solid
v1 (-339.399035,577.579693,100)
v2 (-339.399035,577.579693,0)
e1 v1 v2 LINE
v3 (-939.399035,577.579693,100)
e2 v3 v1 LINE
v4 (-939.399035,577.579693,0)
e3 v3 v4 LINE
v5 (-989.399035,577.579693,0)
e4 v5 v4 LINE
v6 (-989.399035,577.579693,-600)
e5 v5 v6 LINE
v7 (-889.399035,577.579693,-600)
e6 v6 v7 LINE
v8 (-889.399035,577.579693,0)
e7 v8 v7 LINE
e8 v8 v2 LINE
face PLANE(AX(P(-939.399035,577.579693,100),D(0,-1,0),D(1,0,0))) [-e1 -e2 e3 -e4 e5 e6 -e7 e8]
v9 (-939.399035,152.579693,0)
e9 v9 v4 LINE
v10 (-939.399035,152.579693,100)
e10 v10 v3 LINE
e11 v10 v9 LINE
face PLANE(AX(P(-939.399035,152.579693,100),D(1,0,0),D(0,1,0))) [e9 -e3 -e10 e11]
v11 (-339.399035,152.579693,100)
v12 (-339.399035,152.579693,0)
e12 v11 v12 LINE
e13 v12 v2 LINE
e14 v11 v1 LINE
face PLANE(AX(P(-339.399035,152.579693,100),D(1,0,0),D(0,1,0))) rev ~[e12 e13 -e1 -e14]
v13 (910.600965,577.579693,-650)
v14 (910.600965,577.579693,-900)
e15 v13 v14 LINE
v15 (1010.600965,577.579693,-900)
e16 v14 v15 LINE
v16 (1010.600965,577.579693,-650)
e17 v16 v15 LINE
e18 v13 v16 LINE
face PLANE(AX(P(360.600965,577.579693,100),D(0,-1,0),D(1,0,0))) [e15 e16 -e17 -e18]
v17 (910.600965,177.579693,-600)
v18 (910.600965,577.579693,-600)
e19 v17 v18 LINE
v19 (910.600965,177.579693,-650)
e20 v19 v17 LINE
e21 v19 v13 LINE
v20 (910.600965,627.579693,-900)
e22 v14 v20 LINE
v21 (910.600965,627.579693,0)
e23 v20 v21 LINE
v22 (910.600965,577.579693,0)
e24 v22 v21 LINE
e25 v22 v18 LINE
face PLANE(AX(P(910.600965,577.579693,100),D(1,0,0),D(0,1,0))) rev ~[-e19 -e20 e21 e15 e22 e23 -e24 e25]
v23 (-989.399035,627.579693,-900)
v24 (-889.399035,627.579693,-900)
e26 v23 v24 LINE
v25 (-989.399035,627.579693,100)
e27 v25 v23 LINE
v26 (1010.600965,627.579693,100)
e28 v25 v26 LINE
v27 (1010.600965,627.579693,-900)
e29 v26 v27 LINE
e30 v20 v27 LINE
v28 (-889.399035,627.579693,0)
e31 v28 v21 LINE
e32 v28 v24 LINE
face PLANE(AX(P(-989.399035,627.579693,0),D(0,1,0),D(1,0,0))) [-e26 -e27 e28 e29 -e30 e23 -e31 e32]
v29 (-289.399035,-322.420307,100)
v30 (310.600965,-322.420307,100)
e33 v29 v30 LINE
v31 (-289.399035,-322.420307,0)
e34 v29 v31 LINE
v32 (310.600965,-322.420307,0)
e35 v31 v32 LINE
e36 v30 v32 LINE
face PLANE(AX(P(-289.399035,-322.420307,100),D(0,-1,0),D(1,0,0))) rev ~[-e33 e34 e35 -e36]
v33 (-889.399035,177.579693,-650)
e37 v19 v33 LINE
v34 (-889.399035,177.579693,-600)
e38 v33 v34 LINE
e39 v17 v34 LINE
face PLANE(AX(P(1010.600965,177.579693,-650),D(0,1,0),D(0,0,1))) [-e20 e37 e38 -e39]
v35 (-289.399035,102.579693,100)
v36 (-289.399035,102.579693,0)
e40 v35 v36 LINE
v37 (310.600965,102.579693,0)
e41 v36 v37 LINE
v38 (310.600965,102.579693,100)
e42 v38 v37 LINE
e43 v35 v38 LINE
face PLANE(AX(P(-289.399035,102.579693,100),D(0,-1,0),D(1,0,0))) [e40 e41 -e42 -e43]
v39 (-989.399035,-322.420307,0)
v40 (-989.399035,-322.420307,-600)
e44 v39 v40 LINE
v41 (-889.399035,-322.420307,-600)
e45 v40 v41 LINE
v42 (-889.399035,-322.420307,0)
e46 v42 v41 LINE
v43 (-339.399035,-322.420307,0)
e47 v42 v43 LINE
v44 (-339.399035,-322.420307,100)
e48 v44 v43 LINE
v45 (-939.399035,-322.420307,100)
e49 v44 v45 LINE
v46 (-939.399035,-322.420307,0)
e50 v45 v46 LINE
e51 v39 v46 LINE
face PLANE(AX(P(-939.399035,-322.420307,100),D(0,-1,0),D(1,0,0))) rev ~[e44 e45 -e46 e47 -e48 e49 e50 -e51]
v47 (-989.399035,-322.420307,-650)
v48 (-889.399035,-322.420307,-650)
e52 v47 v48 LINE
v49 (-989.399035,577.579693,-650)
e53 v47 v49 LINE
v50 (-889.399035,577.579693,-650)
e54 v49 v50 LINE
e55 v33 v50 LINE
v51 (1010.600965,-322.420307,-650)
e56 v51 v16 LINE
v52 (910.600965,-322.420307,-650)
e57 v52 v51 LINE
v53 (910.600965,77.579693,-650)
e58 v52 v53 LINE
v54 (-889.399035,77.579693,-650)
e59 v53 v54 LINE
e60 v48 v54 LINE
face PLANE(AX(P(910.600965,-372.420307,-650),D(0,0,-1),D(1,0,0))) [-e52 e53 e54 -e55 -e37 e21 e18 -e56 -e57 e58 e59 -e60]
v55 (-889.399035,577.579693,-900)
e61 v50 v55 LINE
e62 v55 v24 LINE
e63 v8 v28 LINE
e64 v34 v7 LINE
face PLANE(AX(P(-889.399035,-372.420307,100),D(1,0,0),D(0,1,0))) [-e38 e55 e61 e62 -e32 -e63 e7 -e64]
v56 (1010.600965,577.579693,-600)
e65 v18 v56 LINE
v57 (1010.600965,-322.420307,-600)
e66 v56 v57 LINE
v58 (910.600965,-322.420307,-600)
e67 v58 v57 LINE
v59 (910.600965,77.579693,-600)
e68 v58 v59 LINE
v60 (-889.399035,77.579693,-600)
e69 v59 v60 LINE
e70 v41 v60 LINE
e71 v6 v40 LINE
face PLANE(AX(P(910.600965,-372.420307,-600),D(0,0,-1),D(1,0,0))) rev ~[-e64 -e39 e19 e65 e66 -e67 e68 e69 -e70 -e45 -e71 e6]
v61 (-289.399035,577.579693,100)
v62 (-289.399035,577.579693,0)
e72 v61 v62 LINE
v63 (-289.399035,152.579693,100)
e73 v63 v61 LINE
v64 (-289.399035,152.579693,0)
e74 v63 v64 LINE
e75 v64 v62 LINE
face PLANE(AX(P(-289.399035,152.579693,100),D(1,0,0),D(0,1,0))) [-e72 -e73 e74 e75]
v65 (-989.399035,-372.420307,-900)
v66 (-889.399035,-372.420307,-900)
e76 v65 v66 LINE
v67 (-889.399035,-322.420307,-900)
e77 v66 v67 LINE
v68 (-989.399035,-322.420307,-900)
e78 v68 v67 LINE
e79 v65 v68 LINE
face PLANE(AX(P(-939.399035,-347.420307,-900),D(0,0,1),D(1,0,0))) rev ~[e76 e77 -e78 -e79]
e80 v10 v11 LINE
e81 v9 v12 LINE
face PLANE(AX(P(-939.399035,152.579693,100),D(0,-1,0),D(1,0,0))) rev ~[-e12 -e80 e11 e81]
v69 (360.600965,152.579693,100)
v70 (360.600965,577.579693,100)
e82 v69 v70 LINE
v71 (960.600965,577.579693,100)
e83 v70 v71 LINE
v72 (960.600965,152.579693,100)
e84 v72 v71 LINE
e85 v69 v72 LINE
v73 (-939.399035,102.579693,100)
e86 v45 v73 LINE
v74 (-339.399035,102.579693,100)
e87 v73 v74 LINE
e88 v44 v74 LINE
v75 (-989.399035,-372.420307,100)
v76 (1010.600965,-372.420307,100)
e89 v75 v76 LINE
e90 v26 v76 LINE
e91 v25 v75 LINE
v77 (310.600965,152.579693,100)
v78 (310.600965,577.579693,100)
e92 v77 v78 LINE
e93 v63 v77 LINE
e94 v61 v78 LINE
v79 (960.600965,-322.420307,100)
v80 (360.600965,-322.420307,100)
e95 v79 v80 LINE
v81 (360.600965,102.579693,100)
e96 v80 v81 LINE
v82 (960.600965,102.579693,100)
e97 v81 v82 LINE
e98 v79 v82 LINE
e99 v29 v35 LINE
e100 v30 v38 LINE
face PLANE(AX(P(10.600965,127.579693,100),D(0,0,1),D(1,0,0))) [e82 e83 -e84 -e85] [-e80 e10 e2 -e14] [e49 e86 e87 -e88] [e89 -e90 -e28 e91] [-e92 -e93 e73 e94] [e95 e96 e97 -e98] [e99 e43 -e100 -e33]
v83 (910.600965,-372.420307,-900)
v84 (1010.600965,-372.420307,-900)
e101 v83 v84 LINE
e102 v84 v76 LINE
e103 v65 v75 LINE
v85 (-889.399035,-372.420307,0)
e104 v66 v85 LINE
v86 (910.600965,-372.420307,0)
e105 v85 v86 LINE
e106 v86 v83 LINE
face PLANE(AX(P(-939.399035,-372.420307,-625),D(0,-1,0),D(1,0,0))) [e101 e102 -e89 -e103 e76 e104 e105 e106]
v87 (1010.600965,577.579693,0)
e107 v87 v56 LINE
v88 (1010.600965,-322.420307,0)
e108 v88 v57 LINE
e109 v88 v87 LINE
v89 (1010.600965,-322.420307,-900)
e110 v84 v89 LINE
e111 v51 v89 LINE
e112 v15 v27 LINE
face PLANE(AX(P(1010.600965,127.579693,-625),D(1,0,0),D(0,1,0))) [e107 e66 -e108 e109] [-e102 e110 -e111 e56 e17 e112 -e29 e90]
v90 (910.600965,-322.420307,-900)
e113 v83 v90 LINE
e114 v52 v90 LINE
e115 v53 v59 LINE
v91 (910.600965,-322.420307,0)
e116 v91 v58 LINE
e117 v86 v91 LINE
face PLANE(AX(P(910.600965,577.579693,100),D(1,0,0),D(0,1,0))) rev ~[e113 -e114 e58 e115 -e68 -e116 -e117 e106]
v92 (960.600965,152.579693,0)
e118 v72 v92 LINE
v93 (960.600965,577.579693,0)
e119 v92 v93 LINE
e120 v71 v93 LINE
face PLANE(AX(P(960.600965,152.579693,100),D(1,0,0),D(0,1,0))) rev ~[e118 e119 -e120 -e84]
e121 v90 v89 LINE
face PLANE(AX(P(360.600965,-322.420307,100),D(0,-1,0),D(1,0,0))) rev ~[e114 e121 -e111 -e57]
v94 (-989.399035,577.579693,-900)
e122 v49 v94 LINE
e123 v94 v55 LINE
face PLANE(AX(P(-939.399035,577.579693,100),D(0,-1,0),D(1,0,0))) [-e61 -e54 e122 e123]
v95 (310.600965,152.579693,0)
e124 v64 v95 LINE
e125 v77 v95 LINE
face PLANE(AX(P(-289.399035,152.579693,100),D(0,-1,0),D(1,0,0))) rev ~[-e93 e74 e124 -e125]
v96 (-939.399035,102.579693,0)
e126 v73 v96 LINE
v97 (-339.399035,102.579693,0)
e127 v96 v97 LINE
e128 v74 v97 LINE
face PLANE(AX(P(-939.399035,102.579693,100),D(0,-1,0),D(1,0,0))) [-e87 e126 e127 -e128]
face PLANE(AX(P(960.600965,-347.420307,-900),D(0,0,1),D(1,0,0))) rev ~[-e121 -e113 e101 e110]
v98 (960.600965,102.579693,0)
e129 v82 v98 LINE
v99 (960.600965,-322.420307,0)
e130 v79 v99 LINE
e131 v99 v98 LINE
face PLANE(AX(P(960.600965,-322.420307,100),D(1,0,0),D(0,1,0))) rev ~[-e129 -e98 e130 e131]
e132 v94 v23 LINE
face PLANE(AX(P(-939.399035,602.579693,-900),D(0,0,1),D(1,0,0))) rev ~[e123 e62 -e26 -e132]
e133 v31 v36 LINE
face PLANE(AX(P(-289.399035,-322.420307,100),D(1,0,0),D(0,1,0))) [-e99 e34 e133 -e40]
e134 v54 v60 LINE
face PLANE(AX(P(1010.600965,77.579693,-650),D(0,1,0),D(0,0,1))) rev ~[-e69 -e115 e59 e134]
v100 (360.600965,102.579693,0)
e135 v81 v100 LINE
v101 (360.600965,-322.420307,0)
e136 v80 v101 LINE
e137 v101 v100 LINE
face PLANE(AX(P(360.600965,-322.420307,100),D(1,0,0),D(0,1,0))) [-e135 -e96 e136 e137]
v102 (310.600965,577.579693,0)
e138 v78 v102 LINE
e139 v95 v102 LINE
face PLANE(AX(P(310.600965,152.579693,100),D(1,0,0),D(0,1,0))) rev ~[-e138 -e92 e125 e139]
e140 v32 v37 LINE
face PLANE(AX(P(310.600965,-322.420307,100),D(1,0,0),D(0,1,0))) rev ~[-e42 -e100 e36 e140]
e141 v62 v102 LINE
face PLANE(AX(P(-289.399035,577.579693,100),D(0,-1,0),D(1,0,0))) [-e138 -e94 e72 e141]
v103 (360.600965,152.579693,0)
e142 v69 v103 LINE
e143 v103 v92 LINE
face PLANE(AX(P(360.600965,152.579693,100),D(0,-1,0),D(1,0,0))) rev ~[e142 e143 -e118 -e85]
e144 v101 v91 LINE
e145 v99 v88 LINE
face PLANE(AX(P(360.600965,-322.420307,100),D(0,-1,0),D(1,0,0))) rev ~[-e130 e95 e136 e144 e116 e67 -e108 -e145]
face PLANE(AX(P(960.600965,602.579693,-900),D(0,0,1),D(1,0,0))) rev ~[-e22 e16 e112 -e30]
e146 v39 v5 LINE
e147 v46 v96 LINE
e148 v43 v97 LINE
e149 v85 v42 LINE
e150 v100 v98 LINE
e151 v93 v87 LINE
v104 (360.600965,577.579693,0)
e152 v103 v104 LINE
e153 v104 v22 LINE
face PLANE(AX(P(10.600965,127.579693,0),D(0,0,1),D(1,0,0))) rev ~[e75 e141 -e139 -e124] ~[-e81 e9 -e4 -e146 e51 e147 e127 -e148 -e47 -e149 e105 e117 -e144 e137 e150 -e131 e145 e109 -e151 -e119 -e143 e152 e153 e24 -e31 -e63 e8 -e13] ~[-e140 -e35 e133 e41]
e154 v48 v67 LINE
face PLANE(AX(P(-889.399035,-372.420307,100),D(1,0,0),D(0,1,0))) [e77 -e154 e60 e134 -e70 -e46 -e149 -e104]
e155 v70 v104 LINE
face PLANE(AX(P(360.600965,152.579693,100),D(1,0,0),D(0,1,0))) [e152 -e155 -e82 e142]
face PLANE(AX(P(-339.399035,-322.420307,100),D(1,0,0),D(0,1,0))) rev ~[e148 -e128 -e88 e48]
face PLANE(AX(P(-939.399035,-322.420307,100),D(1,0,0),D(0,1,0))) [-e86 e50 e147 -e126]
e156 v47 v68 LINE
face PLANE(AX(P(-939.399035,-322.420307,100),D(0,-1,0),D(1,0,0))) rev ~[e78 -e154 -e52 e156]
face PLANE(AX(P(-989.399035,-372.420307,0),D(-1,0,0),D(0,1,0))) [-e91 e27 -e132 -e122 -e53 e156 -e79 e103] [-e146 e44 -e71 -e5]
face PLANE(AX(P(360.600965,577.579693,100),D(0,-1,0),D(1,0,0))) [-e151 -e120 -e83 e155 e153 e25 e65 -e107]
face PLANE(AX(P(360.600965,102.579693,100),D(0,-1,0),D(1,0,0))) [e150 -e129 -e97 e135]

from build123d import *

# Parameters (mm, degrees)
F0_W     = 2000
F0_H     = 1000
F1_DEPTH = 100
F2_W     = 600
F2_H     = 425
F3_DEPTH = 640
F4_W     = 100
F4_H     = 50
F5_DEPTH = 1000
F6_W     = 100
F6_H     = 50
F7_DEPTH = 1000
F8_W     = 100
F8_H     = 50
F9_DEPTH = 2000


with BuildPart() as f1:
    # F0 (on Top) → F1 (new body)
    with BuildSketch(Plane.XY):
        with Locations((10.600965, 127.579693)):
            Rectangle(F0_W, F0_H)
    extrude(amount=F1_DEPTH)

    # F2 (on face) → F3 (cut)
    with BuildSketch(Plane.XY.offset(100)):
        with Locations((-639.399035, 365.079693)):
            Rectangle(F2_W, F2_H)
        with Locations((-639.399035, -109.920307)):
            Rectangle(F2_W, F2_H)
        with Locations((10.600965, 365.079693)):
            Rectangle(F2_W, F2_H)
        with Locations((660.600965, 365.079693)):
            Rectangle(F2_W, F2_H)
        with Locations((10.600965, -109.920307)):
            Rectangle(F2_W, F2_H)
        with Locations((660.600965, -109.920307)):
            Rectangle(F2_W, F2_H)
    extrude(amount=-F3_DEPTH, mode=Mode.SUBTRACT)

    # F4 (on face) → F5 (join)
    with BuildSketch(Plane.XY.offset(100)):
        with Locations((960.600965, 602.579693)):
            Rectangle(F4_W, F4_H)
        with Locations((-939.399035, -347.420307)):
            Rectangle(F4_W, F4_H)
        with Locations((-939.399035, 602.579693)):
            Rectangle(F4_W, F4_H)
        with Locations((960.600965, -347.420307)):
            Rectangle(F4_W, F4_H)
    extrude(amount=-F5_DEPTH)

    # F6 (on face) → F7 (join)
    with BuildSketch(Plane.XZ.offset(372.420307)):
        with Locations((-939.399035, -625)):
            Rectangle(F6_W, F6_H)
        with Locations((960.600965, -625)):
            Rectangle(F6_W, F6_H)
    extrude(amount=-F7_DEPTH)

    # F8 (on face) → F9 (join)
    with BuildSketch(Plane.YZ.offset(1010.600965)):
        with Locations((127.579693, -625)):
            Rectangle(F8_W, F8_H)
    extrude(amount=-F9_DEPTH)


solid = f1.part
